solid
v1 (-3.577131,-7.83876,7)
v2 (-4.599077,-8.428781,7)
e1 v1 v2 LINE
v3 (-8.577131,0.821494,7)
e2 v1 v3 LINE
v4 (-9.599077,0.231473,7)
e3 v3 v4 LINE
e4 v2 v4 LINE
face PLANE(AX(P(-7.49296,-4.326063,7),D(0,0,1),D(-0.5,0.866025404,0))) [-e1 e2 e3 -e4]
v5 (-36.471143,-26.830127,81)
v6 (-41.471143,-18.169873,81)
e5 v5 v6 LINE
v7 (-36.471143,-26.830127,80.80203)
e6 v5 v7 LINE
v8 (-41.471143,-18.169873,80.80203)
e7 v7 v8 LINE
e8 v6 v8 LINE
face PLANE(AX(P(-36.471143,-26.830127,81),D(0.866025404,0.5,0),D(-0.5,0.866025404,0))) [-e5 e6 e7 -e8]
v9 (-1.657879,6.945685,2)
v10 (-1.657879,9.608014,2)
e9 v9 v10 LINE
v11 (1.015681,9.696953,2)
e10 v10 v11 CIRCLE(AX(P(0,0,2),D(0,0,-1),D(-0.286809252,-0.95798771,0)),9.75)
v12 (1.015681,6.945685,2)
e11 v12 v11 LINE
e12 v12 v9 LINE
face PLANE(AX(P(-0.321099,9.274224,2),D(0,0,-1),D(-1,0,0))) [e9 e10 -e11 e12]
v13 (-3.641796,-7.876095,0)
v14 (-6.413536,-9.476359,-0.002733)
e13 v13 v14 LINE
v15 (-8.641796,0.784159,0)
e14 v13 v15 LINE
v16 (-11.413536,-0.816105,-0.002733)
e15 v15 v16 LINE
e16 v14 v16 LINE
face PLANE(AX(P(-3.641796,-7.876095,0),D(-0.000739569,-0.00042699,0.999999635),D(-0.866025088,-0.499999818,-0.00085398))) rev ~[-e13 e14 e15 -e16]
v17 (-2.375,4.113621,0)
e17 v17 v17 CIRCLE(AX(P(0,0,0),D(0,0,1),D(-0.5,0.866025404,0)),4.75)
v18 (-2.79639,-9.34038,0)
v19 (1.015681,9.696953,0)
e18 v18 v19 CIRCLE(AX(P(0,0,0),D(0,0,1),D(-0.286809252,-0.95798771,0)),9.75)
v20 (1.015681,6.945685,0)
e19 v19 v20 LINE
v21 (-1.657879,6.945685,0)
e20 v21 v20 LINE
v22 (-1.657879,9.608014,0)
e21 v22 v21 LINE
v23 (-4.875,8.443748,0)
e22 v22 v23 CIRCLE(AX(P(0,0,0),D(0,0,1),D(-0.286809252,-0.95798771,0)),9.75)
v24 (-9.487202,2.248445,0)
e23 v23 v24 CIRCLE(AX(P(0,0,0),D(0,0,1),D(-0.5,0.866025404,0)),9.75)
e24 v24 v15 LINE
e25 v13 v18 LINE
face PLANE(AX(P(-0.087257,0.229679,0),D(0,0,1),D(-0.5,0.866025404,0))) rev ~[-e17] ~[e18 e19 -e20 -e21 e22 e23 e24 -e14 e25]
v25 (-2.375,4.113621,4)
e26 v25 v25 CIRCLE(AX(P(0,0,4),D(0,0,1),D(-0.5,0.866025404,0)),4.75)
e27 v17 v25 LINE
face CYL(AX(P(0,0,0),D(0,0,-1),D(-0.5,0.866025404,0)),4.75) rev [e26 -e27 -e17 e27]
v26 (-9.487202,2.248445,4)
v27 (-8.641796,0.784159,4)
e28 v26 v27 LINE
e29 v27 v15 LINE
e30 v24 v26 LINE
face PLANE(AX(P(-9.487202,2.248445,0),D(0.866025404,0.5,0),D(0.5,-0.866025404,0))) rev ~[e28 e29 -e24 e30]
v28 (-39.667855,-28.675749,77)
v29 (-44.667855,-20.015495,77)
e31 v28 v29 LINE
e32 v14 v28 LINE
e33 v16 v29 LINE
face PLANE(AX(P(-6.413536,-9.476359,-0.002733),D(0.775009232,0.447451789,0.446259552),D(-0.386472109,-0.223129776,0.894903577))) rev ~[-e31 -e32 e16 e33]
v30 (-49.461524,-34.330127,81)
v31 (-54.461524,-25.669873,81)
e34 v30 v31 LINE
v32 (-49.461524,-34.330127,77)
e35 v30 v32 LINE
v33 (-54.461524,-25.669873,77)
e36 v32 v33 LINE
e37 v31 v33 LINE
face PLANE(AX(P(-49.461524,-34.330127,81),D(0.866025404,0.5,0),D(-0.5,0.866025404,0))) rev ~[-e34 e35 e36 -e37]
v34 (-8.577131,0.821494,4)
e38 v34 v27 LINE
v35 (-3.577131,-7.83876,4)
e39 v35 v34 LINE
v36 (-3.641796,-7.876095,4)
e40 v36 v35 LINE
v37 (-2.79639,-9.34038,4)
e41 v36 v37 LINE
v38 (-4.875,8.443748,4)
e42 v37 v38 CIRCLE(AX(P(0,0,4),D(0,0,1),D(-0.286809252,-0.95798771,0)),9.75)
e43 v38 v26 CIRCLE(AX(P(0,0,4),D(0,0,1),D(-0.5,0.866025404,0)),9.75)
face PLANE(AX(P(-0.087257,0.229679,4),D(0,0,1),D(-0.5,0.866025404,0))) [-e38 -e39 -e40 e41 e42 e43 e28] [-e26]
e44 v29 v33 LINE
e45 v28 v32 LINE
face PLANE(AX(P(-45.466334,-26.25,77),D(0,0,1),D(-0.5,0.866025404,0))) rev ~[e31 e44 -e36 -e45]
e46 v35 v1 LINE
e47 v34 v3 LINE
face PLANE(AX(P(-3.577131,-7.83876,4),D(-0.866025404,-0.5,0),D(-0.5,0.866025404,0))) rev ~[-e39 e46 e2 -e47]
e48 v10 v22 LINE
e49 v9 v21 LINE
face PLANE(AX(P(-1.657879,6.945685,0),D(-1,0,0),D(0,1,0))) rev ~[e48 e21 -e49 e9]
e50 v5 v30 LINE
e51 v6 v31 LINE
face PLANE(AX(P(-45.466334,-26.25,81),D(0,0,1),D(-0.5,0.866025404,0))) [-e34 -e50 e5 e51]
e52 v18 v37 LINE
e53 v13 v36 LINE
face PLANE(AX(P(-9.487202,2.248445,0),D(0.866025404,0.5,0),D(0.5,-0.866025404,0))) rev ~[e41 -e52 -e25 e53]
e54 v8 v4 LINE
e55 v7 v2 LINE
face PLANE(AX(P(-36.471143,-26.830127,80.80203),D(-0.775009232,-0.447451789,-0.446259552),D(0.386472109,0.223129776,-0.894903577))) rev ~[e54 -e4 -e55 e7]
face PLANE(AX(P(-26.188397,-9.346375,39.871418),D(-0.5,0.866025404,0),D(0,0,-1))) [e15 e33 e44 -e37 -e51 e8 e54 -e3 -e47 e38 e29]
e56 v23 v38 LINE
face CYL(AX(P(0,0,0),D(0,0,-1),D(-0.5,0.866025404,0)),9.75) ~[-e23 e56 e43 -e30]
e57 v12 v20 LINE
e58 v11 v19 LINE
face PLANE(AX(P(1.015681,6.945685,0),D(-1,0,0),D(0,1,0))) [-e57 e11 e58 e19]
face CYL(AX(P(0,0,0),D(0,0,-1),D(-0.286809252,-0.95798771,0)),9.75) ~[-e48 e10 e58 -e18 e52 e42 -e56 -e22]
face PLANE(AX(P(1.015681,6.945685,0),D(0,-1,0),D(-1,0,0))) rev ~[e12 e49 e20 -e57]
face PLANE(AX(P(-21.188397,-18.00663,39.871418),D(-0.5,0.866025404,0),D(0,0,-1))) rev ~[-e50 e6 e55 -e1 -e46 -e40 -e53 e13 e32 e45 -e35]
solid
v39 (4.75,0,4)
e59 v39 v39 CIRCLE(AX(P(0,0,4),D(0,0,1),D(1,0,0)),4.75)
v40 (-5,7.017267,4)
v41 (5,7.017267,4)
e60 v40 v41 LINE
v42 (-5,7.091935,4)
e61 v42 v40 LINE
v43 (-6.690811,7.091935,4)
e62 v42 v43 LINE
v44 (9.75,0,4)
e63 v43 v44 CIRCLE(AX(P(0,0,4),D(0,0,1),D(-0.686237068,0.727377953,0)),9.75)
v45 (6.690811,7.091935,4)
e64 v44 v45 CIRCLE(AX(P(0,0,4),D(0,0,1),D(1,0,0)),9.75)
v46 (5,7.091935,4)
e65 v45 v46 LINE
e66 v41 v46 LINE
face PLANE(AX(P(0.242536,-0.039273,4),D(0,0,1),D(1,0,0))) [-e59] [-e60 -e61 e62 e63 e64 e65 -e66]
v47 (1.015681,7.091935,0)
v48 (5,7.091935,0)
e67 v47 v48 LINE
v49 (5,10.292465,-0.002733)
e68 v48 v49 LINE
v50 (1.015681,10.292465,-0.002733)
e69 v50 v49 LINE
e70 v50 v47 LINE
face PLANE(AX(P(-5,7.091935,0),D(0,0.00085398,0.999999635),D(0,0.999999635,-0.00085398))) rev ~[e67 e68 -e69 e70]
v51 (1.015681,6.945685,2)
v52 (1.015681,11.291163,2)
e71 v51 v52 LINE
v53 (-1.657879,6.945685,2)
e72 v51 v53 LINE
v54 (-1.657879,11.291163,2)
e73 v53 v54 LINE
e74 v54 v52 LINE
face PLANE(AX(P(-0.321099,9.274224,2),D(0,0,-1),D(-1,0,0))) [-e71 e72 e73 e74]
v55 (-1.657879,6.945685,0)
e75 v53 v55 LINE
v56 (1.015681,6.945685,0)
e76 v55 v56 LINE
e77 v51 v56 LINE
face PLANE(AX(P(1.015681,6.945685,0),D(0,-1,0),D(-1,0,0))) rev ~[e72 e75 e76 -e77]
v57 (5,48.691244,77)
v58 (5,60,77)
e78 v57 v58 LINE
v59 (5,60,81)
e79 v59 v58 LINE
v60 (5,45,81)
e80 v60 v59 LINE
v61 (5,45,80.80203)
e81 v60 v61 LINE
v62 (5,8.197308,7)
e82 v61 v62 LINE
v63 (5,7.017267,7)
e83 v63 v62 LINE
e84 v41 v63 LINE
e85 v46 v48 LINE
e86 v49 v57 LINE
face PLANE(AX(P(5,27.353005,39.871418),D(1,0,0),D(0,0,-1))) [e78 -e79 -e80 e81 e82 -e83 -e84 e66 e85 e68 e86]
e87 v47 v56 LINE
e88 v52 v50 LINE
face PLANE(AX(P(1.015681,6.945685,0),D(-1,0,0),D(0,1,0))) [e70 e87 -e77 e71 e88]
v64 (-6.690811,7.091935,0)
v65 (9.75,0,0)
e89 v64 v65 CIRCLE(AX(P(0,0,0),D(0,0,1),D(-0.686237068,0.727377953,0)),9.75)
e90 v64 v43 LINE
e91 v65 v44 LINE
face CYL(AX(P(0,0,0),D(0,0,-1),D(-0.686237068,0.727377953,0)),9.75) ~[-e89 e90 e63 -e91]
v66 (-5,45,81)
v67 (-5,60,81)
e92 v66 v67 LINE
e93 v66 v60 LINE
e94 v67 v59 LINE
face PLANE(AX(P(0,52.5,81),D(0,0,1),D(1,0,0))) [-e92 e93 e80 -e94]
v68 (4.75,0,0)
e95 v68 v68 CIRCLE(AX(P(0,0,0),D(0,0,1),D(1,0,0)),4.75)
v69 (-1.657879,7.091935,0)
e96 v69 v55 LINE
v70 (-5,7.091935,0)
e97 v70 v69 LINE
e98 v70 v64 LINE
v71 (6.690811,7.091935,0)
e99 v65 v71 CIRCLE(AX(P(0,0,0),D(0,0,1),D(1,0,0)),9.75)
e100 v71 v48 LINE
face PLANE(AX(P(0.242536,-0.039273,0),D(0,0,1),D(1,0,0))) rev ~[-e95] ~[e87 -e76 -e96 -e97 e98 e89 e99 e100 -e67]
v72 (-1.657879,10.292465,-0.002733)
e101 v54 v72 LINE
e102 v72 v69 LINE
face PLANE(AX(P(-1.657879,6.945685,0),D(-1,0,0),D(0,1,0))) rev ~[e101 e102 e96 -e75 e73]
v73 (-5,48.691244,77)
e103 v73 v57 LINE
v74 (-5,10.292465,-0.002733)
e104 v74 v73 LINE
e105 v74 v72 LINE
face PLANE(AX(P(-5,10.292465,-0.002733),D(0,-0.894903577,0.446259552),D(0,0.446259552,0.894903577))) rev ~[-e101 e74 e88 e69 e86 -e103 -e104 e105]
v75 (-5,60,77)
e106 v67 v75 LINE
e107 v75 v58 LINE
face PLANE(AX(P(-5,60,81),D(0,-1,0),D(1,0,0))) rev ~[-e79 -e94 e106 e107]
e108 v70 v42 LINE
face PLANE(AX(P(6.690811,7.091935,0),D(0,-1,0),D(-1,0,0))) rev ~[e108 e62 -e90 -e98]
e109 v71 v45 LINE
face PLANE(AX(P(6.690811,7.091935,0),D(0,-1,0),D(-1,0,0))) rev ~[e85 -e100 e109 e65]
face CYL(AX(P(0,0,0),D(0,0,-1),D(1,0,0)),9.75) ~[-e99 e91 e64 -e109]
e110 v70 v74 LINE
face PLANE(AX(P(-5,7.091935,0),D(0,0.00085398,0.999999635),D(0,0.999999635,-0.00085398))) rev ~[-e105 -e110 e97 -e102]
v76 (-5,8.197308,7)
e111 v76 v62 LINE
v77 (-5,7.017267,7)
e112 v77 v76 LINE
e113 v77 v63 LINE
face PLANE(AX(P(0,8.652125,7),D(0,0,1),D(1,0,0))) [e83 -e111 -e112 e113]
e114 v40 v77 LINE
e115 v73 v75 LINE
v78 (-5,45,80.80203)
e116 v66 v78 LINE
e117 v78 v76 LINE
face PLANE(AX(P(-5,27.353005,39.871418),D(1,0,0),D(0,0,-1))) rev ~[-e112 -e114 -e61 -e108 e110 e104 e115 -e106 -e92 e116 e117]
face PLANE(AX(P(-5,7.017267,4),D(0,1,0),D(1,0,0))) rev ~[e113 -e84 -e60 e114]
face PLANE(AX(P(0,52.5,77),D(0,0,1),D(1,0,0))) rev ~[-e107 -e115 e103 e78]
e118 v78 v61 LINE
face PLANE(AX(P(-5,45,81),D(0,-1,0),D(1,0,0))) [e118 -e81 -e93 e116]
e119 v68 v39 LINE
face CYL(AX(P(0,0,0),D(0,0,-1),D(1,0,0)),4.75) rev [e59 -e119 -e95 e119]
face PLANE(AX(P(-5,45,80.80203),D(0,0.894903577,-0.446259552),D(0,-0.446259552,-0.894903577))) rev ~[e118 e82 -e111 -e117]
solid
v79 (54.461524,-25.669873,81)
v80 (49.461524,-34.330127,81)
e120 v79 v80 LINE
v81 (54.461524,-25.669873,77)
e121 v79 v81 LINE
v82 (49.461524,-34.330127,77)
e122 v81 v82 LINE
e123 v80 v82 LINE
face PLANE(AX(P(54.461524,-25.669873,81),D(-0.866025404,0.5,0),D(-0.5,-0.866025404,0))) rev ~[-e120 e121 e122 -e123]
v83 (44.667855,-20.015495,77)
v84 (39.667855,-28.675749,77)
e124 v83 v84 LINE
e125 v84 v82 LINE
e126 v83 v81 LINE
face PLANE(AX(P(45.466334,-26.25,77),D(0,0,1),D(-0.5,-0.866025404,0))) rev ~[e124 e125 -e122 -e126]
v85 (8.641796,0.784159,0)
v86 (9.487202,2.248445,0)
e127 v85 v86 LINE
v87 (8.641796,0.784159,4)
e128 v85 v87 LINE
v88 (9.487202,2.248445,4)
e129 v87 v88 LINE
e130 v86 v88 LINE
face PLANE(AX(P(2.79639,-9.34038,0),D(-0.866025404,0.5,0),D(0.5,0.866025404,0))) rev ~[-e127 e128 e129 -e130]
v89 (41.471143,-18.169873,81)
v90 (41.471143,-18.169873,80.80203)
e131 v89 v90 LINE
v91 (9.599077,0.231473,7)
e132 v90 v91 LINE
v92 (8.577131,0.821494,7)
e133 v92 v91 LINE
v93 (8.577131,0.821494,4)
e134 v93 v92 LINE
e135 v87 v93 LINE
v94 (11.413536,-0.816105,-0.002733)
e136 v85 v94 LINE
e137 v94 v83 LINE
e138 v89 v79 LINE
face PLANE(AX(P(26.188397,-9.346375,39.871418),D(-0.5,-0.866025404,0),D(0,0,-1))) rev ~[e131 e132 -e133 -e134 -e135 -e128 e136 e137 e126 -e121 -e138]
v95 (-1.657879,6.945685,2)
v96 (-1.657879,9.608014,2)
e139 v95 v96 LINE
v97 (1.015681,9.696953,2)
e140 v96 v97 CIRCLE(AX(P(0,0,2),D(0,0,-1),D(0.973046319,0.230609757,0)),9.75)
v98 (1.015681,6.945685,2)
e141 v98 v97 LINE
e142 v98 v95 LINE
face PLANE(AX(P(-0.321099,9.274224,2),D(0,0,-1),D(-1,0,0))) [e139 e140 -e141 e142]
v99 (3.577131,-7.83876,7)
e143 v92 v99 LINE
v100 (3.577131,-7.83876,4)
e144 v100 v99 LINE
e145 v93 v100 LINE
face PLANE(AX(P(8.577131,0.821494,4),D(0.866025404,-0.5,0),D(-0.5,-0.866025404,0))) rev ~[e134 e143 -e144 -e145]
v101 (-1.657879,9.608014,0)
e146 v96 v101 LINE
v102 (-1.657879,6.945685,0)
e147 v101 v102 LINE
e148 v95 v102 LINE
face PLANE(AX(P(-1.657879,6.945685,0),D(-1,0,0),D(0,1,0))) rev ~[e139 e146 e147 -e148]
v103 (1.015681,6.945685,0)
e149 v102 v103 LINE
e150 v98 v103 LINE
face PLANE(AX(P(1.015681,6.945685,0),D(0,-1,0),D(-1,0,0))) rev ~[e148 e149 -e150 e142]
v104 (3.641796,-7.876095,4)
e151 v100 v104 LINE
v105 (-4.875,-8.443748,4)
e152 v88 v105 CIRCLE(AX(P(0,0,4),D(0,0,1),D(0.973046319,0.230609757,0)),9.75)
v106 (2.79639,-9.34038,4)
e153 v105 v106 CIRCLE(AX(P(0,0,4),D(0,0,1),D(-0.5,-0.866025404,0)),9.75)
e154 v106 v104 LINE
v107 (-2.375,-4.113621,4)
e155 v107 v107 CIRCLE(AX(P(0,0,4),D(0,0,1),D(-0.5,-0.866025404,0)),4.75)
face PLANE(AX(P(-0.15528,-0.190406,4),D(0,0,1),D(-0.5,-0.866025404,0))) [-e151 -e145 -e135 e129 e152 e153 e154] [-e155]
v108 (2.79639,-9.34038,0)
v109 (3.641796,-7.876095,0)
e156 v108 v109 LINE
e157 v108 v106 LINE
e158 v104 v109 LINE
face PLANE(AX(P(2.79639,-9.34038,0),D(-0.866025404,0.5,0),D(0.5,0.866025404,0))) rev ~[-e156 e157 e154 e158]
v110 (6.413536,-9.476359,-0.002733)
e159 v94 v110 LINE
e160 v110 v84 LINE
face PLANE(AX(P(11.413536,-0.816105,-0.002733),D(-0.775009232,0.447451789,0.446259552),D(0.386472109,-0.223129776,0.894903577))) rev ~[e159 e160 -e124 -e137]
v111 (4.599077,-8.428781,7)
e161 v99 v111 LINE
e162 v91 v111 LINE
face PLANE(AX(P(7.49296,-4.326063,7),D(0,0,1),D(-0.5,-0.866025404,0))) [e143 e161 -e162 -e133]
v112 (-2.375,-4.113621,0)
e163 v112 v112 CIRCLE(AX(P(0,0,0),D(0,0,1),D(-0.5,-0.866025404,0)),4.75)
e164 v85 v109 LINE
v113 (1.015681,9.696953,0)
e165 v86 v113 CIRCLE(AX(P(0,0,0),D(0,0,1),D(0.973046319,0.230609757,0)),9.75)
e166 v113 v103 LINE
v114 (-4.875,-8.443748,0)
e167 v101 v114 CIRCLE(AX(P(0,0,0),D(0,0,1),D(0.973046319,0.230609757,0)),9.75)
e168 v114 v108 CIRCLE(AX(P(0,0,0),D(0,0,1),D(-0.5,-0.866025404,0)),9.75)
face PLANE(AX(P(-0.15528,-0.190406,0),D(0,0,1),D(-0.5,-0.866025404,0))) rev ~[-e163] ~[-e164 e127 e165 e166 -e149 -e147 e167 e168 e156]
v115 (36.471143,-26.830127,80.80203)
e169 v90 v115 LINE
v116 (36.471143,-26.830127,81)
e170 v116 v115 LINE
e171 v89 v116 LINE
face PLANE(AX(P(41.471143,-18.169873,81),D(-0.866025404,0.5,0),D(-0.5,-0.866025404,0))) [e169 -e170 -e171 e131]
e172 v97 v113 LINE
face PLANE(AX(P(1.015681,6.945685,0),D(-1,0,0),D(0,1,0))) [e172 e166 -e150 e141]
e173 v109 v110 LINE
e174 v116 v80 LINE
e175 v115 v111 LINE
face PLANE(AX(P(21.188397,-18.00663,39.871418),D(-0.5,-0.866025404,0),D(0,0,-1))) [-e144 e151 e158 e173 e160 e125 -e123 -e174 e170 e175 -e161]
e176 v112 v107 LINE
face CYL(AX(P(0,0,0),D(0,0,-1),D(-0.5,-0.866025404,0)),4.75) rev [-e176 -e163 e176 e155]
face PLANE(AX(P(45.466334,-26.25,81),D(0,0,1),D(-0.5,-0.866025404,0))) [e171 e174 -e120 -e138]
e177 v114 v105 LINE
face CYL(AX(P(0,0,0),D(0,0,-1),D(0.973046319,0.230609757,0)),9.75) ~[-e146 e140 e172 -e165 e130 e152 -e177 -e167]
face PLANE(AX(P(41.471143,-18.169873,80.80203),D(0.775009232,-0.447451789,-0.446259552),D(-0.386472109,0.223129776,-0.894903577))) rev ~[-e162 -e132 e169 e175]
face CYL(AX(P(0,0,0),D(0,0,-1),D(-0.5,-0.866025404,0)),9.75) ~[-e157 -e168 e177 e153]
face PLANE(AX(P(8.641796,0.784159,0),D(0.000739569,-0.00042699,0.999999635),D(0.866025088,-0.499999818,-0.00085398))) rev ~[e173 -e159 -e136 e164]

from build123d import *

# Parameters (mm, degrees)
SKETCH1_R                = 4.75
BOSS_EXTRUDE1_DEPTH      = 4
SKETCH2_W                = 10
SKETCH2_H                = 3.269716928
BOSS_EXTRUDE3_DEPTH      = 3
BOSS_EXTRUDE3_DEPTH_BACK = 2
SKETCH6_W                = 10
SKETCH6_H                = 15
BOSS_EXTRUDE4_DEPTH      = 4
BOSS_EXTRUDE5_DEPTH      = 10
CIRPATTERN2_COUNT        = 3
SKETCH8_W                = 2.673559767
SKETCH8_H                = 4.657077396
CUT_EXTRUDE2_DEPTH       = 2
CUT_EXTRUDE2_DEPTH_BACK  = 2


with BuildPart() as part:
    # Sketch1 → Boss-Extrude1 (new body)
    with BuildSketch(Plane.XY):
        with BuildLine():
            Line((6.690811411, 7.091935043), (-6.690811411, 7.091935043))
            ThreePointArc((-6.690811411, 7.091935043), (-3.861805843, -8.95259491), (9.75, 0))
            ThreePointArc((9.75, 0), (8.95259491, 3.861805843), (6.690811411, 7.091935043))
        make_face()
        Circle(SKETCH1_R, mode=Mode.SUBTRACT)
    extrude(amount=BOSS_EXTRUDE1_DEPTH)

    # Sketch2 → Boss-Extrude3 (add, two sides)
    with BuildSketch(Plane.XY.offset(4)) as boss_extrude3_sk:
        with Locations((0, 8.652125422)):
            Rectangle(SKETCH2_W, SKETCH2_H)
    extrude(amount=BOSS_EXTRUDE3_DEPTH)
    extrude(boss_extrude3_sk.sketch, amount=-BOSS_EXTRUDE3_DEPTH_BACK)



with BuildPart() as body_2:
    # Sketch6 → Boss-Extrude4 (new body)
    with BuildSketch(Plane.XY.offset(81)):
        with Locations((0, 52.5)):
            Rectangle(SKETCH6_W, SKETCH6_H)
    extrude(amount=-BOSS_EXTRUDE4_DEPTH)


with BuildPart() as part_1:
    add(part.part)

    add(body_2.part)  # Boss-Extrude5 merges body 2
    # Sketch7 → Boss-Extrude5 (add)
    with BuildSketch(Plane.ZY.offset(5)):
        Polygon((-0.002733191, 10.292464872), (77, 48.691244479), (80.802029792, 45), (7, 8.197307951), (7, 7.017266958), (0, 7.091935043), align=None)
    extrude(amount=-BOSS_EXTRUDE5_DEPTH)


with BuildPart() as cirpattern2_1:
    # CirPattern2: pattern copy
    add(part_1.part.rotate(Axis((0, 0, 0), (0, 0, 1)), 1 * 360 / CIRPATTERN2_COUNT))


with BuildPart() as cirpattern2_2:
    # CirPattern2: pattern copy
    add(part_1.part.rotate(Axis((0, 0, 0), (0, 0, 1)), 2 * 360 / CIRPATTERN2_COUNT))


with BuildPart() as cut_extrude2_tool:
    # Sketch8 → Cut-Extrude2 (new body, two sides)
    with BuildSketch(Plane(origin=(0, 0, 0), x_dir=(-1, 0, 0), z_dir=(0, 0, -1))) as cut_extrude2_sk:
        with Locations((0.321098697, 9.274223879)):
            Rectangle(SKETCH8_W, SKETCH8_H)
    extrude(amount=CUT_EXTRUDE2_DEPTH)
    extrude(cut_extrude2_sk.sketch, amount=-CUT_EXTRUDE2_DEPTH_BACK)


with BuildPart() as part_2:
    add(part_1.part)

    # Cut-Extrude2: cut by cut_extrude2_tool
    add(cut_extrude2_tool.part, mode=Mode.SUBTRACT)


with BuildPart() as cirpattern2_1_1:
    add(cirpattern2_1.part)

    # Cut-Extrude2: cut by cut_extrude2_tool
    add(cut_extrude2_tool.part, mode=Mode.SUBTRACT)


with BuildPart() as cirpattern2_2_1:
    add(cirpattern2_2.part)

    # Cut-Extrude2: cut by cut_extrude2_tool
    add(cut_extrude2_tool.part, mode=Mode.SUBTRACT)


solid = Compound([part_2.part, cirpattern2_1_1.part, cirpattern2_2_1.part])
